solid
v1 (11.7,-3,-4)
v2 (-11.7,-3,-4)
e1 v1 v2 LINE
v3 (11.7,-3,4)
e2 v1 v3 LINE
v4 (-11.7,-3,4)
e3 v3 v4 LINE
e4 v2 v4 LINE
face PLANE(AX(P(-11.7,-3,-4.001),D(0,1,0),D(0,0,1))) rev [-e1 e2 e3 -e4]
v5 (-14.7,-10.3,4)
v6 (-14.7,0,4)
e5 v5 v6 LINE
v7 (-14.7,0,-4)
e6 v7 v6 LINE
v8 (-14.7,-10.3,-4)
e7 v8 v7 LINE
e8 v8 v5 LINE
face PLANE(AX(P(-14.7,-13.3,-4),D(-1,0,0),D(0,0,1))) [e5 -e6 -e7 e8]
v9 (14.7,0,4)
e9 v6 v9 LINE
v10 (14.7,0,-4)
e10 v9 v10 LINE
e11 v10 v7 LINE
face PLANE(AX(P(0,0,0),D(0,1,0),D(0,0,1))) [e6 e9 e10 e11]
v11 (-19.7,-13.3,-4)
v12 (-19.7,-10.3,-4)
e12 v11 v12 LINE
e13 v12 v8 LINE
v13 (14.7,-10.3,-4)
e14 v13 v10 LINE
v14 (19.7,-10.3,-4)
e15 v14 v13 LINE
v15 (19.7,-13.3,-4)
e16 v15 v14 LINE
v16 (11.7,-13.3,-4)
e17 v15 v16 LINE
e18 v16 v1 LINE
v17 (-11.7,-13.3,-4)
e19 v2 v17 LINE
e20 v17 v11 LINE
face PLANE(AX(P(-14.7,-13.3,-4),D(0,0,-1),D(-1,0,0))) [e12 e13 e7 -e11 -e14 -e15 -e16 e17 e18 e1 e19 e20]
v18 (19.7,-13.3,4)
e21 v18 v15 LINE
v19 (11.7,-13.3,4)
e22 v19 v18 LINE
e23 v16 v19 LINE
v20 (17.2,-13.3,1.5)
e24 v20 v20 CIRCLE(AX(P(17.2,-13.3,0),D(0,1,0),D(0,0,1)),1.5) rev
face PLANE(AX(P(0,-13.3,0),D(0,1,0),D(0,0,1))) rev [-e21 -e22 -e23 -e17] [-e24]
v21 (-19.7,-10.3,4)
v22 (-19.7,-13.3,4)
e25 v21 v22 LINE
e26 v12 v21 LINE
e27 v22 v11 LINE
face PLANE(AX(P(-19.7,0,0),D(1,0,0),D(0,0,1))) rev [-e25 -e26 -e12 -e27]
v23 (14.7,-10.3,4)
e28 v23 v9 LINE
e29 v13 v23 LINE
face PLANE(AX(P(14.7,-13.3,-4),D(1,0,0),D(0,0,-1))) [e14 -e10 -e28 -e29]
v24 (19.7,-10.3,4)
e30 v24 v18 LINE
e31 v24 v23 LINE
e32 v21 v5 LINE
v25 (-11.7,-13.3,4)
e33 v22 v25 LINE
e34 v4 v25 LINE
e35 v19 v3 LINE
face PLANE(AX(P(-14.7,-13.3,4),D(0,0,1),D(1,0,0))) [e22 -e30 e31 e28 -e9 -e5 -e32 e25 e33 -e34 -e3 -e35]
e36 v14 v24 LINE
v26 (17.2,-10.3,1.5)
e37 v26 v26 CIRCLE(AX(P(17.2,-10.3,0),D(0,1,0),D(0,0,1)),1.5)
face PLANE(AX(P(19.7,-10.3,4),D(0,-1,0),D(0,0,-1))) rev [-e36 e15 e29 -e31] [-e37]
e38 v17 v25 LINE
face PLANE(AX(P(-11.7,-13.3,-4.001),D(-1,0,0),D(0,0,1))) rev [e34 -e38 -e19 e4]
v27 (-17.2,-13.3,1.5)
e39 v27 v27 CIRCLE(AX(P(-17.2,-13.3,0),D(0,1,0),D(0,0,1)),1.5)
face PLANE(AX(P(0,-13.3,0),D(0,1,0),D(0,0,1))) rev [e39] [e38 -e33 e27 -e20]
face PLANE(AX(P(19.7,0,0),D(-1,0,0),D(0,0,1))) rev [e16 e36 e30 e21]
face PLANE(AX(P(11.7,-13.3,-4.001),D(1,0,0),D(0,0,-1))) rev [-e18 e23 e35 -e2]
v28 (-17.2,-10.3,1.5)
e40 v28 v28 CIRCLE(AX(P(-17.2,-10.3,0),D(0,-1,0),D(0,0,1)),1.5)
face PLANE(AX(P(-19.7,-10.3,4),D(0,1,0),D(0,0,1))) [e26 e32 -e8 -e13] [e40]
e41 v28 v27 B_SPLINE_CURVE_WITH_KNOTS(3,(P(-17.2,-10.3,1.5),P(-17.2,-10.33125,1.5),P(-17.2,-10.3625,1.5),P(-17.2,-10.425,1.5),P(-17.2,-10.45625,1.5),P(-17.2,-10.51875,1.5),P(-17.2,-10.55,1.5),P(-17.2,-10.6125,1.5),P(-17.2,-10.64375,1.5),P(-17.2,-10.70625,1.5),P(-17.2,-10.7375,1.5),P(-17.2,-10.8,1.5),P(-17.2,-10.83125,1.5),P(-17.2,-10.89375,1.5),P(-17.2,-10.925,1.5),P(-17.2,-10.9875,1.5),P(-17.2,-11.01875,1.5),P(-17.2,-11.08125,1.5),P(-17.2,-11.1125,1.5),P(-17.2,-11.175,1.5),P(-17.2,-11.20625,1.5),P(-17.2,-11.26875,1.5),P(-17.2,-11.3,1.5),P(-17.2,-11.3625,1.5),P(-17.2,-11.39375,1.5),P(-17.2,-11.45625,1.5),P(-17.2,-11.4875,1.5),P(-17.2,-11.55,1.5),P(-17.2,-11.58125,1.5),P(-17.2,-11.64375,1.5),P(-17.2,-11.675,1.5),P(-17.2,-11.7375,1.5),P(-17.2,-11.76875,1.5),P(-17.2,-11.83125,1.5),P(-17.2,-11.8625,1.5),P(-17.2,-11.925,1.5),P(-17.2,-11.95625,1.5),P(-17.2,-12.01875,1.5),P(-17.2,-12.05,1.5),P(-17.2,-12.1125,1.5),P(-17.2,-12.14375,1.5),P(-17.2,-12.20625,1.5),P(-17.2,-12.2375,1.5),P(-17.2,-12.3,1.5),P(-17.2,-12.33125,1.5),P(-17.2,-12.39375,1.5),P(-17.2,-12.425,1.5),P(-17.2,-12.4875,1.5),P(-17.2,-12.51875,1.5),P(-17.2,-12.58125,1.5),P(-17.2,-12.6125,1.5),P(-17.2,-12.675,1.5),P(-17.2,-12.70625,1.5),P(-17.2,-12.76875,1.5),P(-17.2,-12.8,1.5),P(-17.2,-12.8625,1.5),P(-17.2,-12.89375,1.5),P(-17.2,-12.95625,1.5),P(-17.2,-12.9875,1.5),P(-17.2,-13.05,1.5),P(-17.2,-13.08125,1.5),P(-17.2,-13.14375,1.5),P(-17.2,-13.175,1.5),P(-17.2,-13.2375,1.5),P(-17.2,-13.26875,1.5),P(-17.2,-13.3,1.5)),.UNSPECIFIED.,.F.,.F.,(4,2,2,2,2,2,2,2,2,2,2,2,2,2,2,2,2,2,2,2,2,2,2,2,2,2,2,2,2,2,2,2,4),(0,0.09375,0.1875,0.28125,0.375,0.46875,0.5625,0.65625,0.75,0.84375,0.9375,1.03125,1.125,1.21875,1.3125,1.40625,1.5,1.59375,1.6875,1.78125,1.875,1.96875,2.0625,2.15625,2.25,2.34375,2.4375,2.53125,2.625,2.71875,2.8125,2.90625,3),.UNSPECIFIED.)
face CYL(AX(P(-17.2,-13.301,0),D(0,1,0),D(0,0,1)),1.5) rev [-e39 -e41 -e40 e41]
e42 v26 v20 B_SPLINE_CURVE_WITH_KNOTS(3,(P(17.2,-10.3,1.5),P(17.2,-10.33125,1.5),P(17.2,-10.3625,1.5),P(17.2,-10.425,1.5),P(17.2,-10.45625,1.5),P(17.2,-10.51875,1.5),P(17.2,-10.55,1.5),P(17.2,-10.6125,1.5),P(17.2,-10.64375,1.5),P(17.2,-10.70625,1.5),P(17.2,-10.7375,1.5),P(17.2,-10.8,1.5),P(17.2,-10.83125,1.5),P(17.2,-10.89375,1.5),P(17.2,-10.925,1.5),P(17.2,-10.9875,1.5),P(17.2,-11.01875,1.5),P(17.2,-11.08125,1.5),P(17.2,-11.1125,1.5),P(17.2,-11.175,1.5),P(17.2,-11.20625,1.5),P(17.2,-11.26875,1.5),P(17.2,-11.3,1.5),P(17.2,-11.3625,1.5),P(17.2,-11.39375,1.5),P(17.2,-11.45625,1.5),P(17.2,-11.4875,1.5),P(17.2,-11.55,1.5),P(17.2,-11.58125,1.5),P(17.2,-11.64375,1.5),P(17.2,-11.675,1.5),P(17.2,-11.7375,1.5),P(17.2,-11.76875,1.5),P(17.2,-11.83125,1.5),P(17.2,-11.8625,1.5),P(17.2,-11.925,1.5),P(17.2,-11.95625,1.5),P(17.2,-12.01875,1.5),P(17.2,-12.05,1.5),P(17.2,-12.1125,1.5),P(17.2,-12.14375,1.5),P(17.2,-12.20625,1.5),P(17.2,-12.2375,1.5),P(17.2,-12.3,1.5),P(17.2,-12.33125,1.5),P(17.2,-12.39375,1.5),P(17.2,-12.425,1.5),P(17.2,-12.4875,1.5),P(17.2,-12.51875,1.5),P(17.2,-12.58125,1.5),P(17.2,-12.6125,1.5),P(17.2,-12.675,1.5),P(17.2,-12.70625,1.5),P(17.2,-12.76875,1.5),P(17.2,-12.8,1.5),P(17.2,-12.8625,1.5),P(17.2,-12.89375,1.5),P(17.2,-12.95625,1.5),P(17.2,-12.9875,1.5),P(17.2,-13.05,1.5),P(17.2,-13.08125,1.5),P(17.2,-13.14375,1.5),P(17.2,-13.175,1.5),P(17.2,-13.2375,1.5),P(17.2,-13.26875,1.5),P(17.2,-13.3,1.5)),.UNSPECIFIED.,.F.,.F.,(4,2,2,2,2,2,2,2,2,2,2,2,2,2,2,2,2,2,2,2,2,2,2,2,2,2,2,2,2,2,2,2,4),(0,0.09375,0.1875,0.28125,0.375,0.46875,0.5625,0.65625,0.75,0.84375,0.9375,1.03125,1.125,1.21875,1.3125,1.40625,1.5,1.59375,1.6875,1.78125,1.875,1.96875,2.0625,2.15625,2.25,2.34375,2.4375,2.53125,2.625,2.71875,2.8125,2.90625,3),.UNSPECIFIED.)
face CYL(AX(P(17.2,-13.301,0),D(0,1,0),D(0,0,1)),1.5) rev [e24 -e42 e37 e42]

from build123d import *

# Parameters (mm, degrees)
SKETCH1_W           = 29.4
SKETCH1_H           = 8
BOSS_EXTRUDE1_DEPTH = 13.3
CUT_EXTRUDE2_REACH  = 23.377
SKETCH4_W           = 23.4
SKETCH4_H           = 10.3
SKETCH5_W           = 8
SKETCH5_H           = 3
BOSS_EXTRUDE3_DEPTH = 5
CUT_EXTRUDE3_REACH  = 24.587
SKETCH6_R           = 1.5


with BuildPart() as part:
    # Sketch1 → Boss-Extrude1 (new body)
    with BuildSketch(Plane(origin=(0, 0, 0), x_dir=(1, 0, 0), z_dir=(0, 1, 0))):
        Rectangle(SKETCH1_W, SKETCH1_H)
    extrude(amount=-BOSS_EXTRUDE1_DEPTH)

    # Sketch4 → Cut-Extrude2 (cut, up to next)
    with BuildSketch(Plane.XY.offset(4), mode=Mode.PRIVATE) as cut_extrude2_sk1:
        with Locations((0, -8.15)):
            Rectangle(SKETCH4_W, SKETCH4_H)
    cut_extrude2_tool1 = extrude(cut_extrude2_sk1.sketch, amount=-CUT_EXTRUDE2_REACH, mode=Mode.PRIVATE) & part.part
    add(cut_extrude2_tool1.solids().sort_by_distance((0, -8.15, 4))[0], mode=Mode.SUBTRACT)

    # Sketch5 → Boss-Extrude3 (add)
    with BuildSketch(Plane(origin=(14.7, 0, 0), x_dir=(0, 0, -1), z_dir=(1, 0, 0))):
        with Locations((0, -11.8)):
            Rectangle(SKETCH5_W, SKETCH5_H)
    boss_extrude3 = extrude(amount=BOSS_EXTRUDE3_DEPTH)

    # Sketch6 → Cut-Extrude3 (cut, up to next)
    with BuildSketch(Plane(origin=(0, -10.3, 0), x_dir=(1, 0, 0), z_dir=(0, 1, 0)), mode=Mode.PRIVATE) as cut_extrude3_sk1:
        with Locations(Location((17.2, 0, 0), (0, 0, 270))):
            Circle(SKETCH6_R)
    cut_extrude3_tool1 = extrude(cut_extrude3_sk1.sketch, amount=-CUT_EXTRUDE3_REACH, mode=Mode.PRIVATE) & part.part
    cut_extrude3 = cut_extrude3_tool1.solids().sort_by_distance((17.2, -10.3, 0))[0]
    add(cut_extrude3, mode=Mode.SUBTRACT)

    # Mirror2: Boss-Extrude3, Cut-Extrude3 across plane
    add(boss_extrude3.mirror(Plane(origin=(0, 0, 0), x_dir=(0, 0, 1), z_dir=(1, 0, 0))))
    add(cut_extrude3.mirror(Plane(origin=(0, 0, 0), x_dir=(0, 0, 1), z_dir=(1, 0, 0))), mode=Mode.SUBTRACT)


solid = part.part
